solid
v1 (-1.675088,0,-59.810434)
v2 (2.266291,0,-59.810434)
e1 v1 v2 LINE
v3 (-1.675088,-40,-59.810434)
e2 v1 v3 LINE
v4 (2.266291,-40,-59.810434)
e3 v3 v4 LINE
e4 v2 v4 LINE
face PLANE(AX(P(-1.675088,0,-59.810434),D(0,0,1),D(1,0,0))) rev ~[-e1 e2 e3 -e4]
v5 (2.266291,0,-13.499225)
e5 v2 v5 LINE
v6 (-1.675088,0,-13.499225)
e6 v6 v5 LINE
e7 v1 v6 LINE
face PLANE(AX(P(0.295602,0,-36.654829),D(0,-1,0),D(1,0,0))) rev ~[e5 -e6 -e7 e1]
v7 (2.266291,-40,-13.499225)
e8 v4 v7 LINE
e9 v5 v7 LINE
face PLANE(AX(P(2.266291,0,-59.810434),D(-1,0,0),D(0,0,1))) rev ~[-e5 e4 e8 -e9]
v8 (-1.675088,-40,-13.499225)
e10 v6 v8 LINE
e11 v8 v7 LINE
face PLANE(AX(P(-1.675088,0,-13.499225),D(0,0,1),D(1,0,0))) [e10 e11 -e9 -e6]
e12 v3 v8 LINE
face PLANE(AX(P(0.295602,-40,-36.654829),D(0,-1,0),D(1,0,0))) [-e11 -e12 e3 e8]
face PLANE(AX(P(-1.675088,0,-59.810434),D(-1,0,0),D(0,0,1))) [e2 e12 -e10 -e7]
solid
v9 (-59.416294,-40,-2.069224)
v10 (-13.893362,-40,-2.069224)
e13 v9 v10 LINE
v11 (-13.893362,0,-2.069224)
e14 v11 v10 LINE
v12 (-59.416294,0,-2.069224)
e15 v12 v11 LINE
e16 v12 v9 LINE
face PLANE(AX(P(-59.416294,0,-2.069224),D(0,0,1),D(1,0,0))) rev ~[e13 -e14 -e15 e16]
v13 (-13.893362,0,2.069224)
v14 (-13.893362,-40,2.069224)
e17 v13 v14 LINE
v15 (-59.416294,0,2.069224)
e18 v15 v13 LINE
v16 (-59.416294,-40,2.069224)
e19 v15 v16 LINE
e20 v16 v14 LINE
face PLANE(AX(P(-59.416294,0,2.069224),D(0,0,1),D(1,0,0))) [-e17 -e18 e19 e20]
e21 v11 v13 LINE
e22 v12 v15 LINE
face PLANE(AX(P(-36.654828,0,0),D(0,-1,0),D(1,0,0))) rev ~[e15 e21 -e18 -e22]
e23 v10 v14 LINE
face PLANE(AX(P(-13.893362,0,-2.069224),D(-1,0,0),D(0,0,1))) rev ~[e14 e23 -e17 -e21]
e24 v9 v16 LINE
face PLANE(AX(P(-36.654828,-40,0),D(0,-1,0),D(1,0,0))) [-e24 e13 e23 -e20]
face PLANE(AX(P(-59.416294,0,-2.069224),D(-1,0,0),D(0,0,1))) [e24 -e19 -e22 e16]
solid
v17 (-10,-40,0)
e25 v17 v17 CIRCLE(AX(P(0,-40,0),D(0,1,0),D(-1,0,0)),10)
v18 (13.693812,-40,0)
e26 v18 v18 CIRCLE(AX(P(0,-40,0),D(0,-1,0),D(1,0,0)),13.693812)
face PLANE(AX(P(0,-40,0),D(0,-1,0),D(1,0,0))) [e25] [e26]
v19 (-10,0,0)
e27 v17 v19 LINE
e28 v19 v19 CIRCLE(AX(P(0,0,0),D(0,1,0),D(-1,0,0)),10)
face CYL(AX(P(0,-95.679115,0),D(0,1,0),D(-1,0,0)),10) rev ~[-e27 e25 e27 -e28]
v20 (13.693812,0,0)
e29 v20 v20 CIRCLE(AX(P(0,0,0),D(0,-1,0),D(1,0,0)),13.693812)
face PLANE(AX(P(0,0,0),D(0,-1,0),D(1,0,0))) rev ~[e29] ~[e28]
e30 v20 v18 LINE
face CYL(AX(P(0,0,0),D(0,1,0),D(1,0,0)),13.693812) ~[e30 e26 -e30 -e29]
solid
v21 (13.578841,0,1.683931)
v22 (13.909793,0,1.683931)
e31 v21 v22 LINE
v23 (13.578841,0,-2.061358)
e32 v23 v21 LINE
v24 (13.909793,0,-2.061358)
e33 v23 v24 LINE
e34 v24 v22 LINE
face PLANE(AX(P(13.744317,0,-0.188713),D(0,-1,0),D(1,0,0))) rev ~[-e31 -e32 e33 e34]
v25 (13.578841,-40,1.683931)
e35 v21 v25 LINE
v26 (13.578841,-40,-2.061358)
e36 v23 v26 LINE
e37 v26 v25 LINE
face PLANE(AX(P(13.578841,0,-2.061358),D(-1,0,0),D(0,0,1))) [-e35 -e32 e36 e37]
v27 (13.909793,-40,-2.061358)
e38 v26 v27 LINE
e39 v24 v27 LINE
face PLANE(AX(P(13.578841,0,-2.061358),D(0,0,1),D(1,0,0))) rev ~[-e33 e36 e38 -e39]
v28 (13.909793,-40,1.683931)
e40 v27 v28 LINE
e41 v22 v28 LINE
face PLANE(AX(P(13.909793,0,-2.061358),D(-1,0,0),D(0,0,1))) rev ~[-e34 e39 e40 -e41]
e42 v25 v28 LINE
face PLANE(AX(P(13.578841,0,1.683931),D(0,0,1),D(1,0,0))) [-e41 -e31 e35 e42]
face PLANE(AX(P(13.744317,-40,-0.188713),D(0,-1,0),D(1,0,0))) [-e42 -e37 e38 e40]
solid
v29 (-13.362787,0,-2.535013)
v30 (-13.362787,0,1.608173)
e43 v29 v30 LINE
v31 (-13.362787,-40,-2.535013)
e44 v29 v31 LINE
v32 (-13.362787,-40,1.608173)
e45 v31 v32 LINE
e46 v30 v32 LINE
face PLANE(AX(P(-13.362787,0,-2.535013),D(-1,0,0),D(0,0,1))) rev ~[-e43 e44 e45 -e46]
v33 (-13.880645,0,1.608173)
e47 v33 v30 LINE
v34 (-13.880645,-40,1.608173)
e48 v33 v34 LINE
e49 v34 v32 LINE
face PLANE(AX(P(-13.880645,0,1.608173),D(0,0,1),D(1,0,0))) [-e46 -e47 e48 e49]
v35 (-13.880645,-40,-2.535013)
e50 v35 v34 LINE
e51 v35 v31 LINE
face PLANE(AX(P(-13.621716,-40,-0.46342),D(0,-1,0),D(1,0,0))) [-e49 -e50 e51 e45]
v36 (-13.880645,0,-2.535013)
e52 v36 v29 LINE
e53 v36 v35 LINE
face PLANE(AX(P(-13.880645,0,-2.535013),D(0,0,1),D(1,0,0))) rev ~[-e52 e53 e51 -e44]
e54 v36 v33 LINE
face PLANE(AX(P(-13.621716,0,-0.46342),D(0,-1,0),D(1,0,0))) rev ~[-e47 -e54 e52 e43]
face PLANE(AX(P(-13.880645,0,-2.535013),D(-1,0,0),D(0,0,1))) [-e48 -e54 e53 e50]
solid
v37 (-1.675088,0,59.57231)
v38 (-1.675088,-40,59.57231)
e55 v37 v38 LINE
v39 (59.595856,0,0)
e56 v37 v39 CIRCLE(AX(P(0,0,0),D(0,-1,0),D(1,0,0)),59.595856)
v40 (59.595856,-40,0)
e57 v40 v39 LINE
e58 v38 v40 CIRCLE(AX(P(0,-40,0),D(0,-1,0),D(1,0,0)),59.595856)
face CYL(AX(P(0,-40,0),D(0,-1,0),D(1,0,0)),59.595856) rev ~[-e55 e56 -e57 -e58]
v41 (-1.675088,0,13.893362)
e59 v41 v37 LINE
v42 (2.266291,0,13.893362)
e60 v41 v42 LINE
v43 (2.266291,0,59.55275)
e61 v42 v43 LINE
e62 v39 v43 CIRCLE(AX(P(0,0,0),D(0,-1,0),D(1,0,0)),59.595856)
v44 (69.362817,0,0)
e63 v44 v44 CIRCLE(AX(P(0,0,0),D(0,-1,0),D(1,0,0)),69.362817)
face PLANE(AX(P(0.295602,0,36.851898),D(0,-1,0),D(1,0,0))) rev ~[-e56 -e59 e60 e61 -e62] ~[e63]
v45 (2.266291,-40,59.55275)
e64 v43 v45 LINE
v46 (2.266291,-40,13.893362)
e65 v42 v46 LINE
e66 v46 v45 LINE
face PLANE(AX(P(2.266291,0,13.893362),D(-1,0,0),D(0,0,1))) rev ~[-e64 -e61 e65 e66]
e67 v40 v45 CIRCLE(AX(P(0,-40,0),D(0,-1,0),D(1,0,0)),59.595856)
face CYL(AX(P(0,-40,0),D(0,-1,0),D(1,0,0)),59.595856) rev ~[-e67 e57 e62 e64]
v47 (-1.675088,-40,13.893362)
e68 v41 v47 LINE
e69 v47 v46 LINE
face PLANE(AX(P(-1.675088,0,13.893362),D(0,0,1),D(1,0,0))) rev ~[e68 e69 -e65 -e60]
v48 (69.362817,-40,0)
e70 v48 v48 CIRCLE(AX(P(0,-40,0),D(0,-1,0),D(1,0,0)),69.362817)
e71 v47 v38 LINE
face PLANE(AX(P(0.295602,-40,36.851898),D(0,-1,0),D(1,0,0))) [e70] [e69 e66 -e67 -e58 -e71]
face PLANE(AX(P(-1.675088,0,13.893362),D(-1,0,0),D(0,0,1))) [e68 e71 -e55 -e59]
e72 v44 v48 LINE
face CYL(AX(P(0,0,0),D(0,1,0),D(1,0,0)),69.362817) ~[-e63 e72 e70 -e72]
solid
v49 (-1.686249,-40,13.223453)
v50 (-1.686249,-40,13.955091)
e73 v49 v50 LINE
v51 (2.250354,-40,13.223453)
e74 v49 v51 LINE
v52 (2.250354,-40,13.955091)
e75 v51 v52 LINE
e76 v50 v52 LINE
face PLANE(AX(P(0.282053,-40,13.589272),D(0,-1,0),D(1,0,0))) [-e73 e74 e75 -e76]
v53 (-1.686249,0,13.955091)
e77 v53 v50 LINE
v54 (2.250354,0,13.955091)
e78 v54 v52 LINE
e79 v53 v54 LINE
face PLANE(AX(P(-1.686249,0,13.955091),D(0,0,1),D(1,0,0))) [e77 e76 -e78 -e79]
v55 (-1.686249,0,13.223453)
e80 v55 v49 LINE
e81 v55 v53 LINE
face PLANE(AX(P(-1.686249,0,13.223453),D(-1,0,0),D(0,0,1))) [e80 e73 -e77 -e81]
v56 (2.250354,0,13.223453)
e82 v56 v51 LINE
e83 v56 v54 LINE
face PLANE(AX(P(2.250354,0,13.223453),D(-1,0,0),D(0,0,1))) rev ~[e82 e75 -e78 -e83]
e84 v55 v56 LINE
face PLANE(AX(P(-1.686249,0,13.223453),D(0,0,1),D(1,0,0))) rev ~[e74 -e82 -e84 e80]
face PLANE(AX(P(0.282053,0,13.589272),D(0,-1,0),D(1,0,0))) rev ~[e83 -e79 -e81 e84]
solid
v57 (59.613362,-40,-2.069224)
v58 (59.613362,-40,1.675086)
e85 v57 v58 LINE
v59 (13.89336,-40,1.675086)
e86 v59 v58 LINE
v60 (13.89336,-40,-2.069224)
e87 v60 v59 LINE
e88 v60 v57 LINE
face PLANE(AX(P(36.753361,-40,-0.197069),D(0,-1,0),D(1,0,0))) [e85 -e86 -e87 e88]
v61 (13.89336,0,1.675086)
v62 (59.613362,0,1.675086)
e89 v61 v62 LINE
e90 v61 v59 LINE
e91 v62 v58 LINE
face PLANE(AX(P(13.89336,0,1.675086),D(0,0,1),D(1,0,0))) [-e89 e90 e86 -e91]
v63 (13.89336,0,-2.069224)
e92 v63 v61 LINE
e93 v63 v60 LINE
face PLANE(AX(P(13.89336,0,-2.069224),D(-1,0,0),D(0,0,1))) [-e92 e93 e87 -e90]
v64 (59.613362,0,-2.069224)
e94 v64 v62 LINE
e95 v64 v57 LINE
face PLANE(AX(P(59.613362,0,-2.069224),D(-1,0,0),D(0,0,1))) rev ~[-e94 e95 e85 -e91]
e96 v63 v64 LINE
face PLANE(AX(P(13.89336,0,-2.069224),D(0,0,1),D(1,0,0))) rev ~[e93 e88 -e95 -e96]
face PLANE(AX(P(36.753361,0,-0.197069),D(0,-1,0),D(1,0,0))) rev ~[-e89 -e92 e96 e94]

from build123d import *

# Parameters (mm, degrees)
F0_R      = 69.362817
F2_DEPTH  = 40
F3_R      = 59.595856
F4_DEPTH  = 40
F1_R      = 13.693812
F5_DEPTH  = 40
F6_W      = 3.941379
F6_H      = 45.917072
F7_DEPTH  = 40
F8_W      = 45.522932
F8_H      = 4.138448
F8_W_2    = 45.720002
F8_H_2    = 3.74431
F8_W_3    = 3.941379
F8_H_3    = 46.311209
F9_DEPTH  = 40
F11_D     = 20
F12_W     = 0.330953
F12_H     = 3.745289
F12_W_2   = 3.936603
F12_H_2   = 0.731638
F12_W_3   = 0.517858
F12_H_3   = 4.143185
F13_DEPTH = 40


with BuildPart() as f2:
    # F0 (on Front) → F2 (new body)
    with BuildSketch(Plane.XZ):
        Circle(F0_R)
    extrude(amount=F2_DEPTH)

    # F3 (on face) → F4 (cut)
    with BuildSketch(Plane.XZ.offset(40)):
        Circle(F3_R)
    extrude(amount=-F4_DEPTH, mode=Mode.SUBTRACT)

    # F6 (on Front) → F7 (join)
    with BuildSketch(Plane.XZ):
        with Locations((0.295602, 36.851898)):
            Rectangle(F6_W, F6_H)
    extrude(amount=F7_DEPTH)


with BuildPart() as f5:
    # F1 (on Front) → F5 (new body)
    with BuildSketch(Plane.XZ):
        Circle(F1_R)
    extrude(amount=F5_DEPTH)

    # F11 (through all)
    with Locations(Plane.XZ.offset(40)):
        with Locations((0, 0)):
            Hole(F11_D / 2)


with BuildPart() as f9:
    # F8 (on Front) → F9 (new body)
    with BuildSketch(Plane.XZ):
        with Locations((-36.654828, 0)):
            Rectangle(F8_W, F8_H)
        with Locations((36.753361, -0.197069)):
            Rectangle(F8_W_2, F8_H_2)
        with Locations((0.295602, -36.654829)):
            Rectangle(F8_W_3, F8_H_3)
    extrude(amount=F9_DEPTH)


with BuildPart() as f13:
    # F12 (on Front) → F13 (new body)
    with BuildSketch(Plane.XZ):
        with Locations((13.744317, -0.188713)):
            Rectangle(F12_W, F12_H)
        with Locations((0.282053, 13.589272)):
            Rectangle(F12_W_2, F12_H_2)
        with Locations((-13.621716, -0.46342)):
            Rectangle(F12_W_3, F12_H_3)
    extrude(amount=F13_DEPTH)


solid = Compound([f2.part, f5.part, f9.part, f13.part])
